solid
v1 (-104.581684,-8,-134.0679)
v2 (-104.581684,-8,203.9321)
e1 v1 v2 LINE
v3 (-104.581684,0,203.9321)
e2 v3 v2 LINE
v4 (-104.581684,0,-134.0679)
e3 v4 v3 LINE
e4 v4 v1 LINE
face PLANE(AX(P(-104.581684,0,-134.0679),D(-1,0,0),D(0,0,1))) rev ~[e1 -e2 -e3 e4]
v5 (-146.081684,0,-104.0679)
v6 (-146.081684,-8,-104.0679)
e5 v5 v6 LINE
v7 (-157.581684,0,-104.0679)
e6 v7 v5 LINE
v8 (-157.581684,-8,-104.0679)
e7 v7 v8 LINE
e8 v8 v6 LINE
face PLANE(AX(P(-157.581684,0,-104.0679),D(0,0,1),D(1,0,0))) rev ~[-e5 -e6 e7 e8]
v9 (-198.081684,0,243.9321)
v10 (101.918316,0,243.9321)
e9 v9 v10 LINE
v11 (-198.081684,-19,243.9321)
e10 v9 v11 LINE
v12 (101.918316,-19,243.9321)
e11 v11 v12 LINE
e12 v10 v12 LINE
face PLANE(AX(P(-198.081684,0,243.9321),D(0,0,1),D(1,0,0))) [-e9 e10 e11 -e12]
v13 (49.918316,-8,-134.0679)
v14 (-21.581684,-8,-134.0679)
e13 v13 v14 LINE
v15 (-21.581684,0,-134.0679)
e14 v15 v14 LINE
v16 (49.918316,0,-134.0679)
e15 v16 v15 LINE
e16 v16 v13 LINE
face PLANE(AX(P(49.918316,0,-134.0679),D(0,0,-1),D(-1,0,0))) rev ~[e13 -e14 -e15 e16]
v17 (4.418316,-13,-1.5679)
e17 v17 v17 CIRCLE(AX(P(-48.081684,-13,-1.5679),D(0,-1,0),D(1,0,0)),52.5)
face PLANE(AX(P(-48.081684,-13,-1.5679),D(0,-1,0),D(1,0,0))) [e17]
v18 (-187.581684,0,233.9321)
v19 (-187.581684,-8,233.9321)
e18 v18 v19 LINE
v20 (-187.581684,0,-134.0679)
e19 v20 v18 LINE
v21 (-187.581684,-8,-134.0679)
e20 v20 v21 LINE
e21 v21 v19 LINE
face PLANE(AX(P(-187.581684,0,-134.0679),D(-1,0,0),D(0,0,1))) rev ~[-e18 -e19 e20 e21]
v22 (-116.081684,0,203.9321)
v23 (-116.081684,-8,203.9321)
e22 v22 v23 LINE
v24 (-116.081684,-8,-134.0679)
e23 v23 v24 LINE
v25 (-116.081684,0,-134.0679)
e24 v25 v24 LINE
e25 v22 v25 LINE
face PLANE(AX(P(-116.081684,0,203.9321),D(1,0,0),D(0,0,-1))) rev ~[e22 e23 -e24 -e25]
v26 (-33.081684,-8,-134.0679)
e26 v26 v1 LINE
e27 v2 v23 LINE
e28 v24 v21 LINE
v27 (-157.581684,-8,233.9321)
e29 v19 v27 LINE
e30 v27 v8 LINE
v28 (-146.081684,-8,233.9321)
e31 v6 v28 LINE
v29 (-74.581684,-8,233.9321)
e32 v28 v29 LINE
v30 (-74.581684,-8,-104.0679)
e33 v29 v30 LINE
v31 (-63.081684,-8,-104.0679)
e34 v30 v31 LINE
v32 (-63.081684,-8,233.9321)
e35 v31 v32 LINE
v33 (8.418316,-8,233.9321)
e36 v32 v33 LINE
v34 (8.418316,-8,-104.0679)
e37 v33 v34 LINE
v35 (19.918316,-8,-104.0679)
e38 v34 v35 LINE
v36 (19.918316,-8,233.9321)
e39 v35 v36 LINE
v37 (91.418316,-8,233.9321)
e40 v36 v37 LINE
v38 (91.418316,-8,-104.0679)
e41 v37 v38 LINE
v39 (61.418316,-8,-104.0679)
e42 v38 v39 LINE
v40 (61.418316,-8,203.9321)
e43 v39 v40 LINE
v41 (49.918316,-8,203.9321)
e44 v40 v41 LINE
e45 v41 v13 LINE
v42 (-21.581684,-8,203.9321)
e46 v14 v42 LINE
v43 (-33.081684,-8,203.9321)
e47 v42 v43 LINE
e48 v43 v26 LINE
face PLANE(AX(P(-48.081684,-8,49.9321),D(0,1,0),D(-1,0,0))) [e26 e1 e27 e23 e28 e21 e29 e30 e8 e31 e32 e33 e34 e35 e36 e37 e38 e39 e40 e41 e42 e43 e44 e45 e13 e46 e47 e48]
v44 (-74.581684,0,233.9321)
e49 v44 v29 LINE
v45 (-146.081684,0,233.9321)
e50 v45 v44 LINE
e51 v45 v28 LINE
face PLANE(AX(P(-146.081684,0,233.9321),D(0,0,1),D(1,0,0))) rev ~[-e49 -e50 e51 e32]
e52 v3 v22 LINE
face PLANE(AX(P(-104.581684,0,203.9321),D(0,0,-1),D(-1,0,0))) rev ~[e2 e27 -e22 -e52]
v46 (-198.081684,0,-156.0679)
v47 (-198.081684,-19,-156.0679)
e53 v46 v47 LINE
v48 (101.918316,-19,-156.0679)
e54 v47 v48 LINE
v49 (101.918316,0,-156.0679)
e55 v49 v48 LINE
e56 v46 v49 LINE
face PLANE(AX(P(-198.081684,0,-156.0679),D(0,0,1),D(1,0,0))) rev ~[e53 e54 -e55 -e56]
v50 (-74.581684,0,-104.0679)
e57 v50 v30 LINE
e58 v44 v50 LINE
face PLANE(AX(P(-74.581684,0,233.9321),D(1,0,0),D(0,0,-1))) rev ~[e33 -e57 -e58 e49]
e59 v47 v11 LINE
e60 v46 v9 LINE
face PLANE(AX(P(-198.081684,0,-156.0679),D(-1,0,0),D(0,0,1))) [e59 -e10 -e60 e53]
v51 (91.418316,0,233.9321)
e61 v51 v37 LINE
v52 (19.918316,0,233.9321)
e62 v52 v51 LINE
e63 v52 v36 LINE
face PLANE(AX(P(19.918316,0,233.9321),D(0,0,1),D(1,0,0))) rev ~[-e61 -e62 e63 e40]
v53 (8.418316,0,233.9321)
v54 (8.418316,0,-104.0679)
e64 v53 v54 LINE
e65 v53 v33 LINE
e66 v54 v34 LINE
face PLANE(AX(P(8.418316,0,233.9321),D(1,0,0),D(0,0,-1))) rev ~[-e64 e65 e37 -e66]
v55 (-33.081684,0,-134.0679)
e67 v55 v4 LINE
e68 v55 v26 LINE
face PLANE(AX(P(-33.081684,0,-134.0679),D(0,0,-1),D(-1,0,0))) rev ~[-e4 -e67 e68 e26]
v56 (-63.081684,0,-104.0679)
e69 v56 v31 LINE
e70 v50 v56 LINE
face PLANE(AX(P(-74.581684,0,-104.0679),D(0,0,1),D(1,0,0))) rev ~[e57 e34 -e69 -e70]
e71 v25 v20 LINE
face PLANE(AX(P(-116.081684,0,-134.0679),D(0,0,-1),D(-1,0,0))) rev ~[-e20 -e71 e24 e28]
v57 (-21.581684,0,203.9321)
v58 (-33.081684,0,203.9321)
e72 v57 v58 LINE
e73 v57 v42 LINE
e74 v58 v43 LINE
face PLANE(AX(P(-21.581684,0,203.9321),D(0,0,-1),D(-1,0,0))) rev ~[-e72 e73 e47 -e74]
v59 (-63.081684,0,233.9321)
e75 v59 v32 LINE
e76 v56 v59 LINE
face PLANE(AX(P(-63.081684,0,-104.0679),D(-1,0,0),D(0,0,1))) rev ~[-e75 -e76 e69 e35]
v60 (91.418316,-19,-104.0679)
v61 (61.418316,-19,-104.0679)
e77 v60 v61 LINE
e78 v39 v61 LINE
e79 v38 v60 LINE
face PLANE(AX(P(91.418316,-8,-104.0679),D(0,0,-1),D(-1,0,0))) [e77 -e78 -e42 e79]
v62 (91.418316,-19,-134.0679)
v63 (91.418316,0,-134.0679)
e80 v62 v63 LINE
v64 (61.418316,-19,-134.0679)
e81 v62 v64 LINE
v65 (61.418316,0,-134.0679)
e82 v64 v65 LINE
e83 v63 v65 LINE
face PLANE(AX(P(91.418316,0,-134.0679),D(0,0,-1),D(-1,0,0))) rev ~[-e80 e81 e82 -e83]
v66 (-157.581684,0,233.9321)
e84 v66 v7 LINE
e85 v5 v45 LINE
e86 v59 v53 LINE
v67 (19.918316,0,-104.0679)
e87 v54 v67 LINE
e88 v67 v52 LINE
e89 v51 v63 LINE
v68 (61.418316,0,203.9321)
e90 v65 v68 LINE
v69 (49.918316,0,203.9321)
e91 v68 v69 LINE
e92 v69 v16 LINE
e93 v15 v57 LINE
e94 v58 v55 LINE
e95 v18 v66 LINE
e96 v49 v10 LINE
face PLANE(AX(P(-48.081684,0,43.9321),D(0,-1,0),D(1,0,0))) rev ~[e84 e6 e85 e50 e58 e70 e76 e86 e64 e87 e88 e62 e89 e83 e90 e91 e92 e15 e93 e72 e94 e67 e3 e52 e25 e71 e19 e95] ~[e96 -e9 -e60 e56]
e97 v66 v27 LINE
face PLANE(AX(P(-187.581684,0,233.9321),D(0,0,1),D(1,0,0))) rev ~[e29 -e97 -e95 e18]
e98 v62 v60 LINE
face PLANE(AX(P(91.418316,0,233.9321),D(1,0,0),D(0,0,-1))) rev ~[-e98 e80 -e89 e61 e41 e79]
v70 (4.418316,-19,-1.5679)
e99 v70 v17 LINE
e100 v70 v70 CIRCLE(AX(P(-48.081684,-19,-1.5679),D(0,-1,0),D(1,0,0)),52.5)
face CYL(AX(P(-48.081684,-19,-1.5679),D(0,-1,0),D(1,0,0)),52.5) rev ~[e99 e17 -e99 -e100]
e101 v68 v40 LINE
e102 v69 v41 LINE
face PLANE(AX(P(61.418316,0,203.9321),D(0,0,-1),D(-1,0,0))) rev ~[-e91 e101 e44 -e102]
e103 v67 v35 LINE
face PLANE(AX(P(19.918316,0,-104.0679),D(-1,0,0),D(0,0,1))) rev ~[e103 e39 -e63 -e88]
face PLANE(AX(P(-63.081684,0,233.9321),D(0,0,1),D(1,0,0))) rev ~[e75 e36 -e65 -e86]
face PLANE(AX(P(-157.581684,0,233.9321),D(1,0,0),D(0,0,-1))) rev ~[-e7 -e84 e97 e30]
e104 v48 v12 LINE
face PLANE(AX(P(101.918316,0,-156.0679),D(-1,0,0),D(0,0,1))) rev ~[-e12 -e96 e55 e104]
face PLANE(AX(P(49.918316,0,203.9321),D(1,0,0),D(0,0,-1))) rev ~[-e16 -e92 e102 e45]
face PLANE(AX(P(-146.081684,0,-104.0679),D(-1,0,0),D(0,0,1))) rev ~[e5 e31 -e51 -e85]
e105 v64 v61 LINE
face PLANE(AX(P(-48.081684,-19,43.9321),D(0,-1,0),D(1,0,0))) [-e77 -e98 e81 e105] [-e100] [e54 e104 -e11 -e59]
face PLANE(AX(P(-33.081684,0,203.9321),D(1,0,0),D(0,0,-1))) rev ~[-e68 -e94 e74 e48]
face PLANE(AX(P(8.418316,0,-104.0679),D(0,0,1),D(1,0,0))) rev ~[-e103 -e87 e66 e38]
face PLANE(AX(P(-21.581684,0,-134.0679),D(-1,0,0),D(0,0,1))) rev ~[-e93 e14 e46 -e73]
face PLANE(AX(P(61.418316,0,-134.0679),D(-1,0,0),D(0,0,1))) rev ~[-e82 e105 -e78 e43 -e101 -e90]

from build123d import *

# Parameters (mm, degrees)
F0_W     = 300
F0_H     = 400
F1_DEPTH = 19
F2_R     = 52.5
F3_DEPTH = 6
F5_DEPTH = 8
F6_W     = 30
F6_H     = 30
F7_DEPTH = 11


with BuildPart() as f1:
    # F0 (on Front) → F1 (new body)
    with BuildSketch(Plane.XZ):
        with Locations((-48.081684, 43.9321)):
            Rectangle(F0_W, F0_H)
    extrude(amount=F1_DEPTH)

    # F2 (on face) → F3 (cut)
    with BuildSketch(Plane.XZ.offset(19)):
        with Locations((-48.081684, -1.5679)):
            Circle(F2_R)
    extrude(amount=-F3_DEPTH, mode=Mode.SUBTRACT)

    # F4 (on face) → F5 (cut)
    with BuildSketch(Plane(origin=(0, 0, 0), x_dir=(-1, 0, 0), z_dir=(0, 1, 0))):
        Polygon((-91.418316, 233.9321), (-91.418316, -134.0679), (-61.418316, -134.0679), (-61.418316, 203.9321), (-49.918316, 203.9321), (-49.918316, -134.0679), (21.581684, -134.0679), (21.581684, 203.9321), (33.081684, 203.9321), (33.081684, -134.0679), (104.581684, -134.0679), (104.581684, 203.9321), (116.081684, 203.9321), (116.081684, -134.0679), (187.581684, -134.0679), (187.581684, 233.9321), (157.581684, 233.9321), (157.581684, -104.0679), (146.081684, -104.0679), (146.081684, 233.9321), (74.581684, 233.9321), (74.581684, -104.0679), (63.081684, -104.0679), (63.081684, 233.9321), (-8.418316, 233.9321), (-8.418316, -104.0679), (-19.918316, -104.0679), (-19.918316, 233.9321), align=None)
    extrude(amount=-F5_DEPTH, mode=Mode.SUBTRACT)

    # F6 (on face) → F7 (cut)
    with BuildSketch(Plane(origin=(0, -8, 0), x_dir=(-1, 0, 0), z_dir=(0, 1, 0))):
        with Locations((-76.418316, -119.0679)):
            Rectangle(F6_W, F6_H)
    extrude(amount=-F7_DEPTH, mode=Mode.SUBTRACT)


solid = f1.part
